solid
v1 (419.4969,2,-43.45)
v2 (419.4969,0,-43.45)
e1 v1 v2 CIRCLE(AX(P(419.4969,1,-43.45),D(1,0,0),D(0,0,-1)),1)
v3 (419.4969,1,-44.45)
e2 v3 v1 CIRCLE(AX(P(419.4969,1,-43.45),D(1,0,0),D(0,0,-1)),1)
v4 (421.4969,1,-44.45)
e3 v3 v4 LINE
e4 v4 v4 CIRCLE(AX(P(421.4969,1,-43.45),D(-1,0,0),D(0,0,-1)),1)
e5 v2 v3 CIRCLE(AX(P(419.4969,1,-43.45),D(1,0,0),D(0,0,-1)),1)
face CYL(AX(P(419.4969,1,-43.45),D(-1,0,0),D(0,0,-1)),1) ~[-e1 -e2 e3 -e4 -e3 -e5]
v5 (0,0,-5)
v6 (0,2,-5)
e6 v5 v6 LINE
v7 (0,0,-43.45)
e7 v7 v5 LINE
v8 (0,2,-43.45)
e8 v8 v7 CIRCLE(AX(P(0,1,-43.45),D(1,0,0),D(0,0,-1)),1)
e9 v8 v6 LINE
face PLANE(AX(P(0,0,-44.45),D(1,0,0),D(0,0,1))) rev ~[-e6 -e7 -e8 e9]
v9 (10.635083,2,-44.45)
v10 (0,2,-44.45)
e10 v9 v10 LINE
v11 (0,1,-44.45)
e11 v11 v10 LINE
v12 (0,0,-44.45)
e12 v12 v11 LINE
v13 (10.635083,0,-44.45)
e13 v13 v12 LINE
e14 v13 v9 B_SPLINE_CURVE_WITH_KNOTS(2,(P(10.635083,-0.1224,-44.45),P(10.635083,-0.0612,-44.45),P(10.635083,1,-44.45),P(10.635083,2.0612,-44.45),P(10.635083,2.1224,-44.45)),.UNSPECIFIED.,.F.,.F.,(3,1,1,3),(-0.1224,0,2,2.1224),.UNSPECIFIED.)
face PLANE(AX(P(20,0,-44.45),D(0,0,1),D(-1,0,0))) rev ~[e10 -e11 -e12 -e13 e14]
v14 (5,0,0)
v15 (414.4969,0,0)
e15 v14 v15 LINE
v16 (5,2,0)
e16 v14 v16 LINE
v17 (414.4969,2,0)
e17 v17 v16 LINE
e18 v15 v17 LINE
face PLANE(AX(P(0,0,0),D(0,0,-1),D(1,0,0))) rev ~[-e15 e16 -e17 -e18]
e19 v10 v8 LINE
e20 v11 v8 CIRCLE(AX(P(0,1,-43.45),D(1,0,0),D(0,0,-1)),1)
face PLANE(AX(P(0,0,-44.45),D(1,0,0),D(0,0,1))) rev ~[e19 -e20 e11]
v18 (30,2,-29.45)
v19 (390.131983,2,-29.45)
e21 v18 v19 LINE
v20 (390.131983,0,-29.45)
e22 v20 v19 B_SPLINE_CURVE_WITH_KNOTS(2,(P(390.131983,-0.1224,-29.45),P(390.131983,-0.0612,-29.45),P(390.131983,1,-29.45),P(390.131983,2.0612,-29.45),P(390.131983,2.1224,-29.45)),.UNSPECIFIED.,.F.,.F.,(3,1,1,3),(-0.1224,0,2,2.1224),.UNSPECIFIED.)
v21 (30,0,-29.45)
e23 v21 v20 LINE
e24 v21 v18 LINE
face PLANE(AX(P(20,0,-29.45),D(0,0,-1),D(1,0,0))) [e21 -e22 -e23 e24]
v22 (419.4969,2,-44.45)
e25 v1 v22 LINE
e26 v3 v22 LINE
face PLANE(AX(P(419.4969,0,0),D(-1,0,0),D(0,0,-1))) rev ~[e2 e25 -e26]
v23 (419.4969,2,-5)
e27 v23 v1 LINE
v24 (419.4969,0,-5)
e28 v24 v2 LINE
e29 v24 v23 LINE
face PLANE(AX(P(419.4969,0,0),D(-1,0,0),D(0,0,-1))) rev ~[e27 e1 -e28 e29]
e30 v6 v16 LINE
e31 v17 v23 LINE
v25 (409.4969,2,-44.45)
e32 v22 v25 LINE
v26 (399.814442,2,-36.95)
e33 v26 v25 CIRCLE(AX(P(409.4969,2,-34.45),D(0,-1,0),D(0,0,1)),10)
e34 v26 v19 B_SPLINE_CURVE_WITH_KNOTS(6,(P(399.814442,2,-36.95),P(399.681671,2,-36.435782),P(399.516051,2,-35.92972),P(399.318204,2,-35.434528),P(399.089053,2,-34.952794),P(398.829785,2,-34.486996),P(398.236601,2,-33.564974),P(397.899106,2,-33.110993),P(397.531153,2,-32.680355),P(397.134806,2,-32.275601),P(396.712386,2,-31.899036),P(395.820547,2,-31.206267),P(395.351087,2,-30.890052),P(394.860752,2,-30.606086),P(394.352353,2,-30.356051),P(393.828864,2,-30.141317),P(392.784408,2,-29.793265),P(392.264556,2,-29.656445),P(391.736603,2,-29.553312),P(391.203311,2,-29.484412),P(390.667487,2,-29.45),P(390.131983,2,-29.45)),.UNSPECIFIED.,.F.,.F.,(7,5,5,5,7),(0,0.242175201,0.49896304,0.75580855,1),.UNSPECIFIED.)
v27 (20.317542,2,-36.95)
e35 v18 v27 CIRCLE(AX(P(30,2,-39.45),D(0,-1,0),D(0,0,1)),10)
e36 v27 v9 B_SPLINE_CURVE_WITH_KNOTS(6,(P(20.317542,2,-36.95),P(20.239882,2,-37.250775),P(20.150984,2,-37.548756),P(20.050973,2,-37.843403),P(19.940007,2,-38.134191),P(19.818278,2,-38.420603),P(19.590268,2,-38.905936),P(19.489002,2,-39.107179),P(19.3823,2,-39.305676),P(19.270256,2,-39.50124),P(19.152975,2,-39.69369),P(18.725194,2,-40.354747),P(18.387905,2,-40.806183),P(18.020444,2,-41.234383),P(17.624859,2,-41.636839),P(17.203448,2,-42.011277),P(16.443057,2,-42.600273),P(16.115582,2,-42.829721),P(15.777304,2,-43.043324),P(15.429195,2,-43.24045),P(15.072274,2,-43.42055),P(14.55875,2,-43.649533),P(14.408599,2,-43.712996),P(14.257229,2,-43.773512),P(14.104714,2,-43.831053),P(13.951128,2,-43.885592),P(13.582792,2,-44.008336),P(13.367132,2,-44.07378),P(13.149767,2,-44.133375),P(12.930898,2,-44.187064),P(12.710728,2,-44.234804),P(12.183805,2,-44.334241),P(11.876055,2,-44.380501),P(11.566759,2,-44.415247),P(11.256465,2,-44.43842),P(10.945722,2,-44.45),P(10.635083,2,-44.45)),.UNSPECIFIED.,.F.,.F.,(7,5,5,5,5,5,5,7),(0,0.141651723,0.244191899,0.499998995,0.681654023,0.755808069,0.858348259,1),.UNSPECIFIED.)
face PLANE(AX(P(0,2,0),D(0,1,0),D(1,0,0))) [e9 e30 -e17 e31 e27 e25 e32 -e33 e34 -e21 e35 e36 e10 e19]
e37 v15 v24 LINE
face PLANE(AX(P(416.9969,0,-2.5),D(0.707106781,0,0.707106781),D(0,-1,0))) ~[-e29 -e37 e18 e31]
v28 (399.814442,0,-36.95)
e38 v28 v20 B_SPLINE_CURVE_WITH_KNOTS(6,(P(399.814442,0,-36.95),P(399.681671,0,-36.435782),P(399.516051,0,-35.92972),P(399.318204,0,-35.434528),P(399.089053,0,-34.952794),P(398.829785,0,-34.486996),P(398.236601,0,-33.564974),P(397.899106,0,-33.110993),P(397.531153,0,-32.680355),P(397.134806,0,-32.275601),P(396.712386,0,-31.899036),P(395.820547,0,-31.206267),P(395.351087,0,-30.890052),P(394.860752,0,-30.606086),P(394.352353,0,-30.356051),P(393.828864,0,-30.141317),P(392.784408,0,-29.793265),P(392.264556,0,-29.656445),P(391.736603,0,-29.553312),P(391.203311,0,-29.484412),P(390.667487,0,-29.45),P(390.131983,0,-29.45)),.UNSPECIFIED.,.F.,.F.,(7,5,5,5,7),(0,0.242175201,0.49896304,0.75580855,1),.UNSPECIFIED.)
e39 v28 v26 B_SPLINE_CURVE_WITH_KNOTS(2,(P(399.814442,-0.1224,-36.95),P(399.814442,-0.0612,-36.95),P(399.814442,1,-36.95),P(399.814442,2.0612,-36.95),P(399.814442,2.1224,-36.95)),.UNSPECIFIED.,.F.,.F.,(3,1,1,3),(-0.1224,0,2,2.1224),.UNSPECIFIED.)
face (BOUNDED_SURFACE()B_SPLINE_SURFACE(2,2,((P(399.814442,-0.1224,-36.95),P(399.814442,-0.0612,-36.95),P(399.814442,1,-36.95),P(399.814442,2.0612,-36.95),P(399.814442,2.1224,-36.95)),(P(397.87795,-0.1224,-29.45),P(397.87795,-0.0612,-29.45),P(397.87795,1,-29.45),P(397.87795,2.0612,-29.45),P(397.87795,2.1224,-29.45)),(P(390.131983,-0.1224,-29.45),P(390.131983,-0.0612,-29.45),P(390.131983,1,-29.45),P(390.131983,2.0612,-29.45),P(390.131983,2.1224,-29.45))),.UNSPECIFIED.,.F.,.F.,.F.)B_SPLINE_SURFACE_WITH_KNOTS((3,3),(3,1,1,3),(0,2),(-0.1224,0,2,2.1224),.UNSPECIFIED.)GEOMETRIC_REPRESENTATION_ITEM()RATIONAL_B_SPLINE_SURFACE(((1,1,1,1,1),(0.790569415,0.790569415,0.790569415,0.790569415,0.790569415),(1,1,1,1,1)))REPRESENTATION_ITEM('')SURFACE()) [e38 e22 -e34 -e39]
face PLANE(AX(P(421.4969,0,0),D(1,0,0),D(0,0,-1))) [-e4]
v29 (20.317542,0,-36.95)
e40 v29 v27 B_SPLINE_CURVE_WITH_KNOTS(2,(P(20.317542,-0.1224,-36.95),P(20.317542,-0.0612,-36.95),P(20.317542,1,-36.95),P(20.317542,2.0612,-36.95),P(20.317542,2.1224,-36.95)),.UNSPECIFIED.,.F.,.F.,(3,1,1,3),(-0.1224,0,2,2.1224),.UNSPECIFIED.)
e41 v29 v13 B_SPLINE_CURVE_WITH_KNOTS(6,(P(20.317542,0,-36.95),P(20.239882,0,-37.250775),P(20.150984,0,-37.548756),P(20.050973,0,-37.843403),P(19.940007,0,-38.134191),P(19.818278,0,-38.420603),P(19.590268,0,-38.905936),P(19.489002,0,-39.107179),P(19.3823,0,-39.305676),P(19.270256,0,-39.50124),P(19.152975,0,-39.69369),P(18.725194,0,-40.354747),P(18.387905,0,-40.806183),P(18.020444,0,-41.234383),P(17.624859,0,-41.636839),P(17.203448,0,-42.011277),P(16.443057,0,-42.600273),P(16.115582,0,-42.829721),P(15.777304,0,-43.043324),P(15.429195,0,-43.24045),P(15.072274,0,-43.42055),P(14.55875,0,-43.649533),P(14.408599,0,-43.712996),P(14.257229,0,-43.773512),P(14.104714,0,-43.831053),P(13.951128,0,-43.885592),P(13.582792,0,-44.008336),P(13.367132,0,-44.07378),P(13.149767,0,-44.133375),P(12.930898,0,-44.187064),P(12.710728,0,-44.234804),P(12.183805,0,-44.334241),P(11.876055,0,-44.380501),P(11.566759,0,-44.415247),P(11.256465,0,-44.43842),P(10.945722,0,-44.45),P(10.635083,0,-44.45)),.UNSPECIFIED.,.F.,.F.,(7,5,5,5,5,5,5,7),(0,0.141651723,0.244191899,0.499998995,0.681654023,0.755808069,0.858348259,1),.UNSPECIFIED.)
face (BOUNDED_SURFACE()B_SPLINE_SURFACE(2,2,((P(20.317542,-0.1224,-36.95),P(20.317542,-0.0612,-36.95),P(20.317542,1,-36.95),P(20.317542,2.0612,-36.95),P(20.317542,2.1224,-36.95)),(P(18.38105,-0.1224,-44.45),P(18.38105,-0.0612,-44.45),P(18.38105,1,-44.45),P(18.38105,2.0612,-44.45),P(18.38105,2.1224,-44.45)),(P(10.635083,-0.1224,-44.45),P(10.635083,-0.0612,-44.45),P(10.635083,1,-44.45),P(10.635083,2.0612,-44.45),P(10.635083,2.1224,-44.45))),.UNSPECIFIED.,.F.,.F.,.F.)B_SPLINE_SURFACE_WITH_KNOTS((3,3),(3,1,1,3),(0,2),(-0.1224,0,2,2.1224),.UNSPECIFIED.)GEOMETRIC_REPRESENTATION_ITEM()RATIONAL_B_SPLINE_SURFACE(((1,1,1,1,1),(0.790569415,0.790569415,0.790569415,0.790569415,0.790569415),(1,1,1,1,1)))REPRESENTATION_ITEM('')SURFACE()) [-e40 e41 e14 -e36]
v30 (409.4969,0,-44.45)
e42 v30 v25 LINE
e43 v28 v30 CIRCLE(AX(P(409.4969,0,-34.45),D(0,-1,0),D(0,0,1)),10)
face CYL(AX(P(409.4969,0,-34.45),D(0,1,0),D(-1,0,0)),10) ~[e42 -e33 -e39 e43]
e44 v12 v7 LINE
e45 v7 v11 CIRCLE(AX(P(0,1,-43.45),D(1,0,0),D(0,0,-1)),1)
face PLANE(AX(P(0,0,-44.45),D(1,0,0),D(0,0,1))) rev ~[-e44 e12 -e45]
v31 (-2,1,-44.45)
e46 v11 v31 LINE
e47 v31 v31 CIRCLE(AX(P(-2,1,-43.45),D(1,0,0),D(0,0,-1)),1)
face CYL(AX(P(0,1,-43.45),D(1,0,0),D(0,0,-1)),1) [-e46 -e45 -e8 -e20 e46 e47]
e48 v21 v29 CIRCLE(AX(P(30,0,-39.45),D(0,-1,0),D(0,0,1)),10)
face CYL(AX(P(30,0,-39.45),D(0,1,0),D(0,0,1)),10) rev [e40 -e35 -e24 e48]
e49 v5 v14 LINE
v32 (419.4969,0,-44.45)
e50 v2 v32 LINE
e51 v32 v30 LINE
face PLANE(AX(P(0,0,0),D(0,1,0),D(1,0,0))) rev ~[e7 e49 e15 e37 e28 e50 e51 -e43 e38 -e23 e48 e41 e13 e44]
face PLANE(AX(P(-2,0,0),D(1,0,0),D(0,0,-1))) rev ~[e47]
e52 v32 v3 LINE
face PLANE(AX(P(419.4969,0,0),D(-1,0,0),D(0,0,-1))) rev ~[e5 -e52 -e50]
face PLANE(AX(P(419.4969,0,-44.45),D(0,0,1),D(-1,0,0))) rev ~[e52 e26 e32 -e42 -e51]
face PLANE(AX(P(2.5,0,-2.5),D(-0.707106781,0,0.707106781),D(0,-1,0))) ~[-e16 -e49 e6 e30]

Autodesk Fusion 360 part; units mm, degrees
sketch "Sketch1" plane through (0, 0, 0) normal (0, 1, 0) x (1, 0, 0)
  line L0 (0, 0) -> (419.4969, 0)
  line L1 (419.4969, 0) -> (419.4969, 44.45)
  line L2 (419.4969, 44.45) -> (0, 44.45)
  line L3 (0, 44.45) -> (0, 0)
  line L4 (-8.9507, 43.45) -> (460, 43.45) construction
  line L5 (-8.9686, 29.45) -> (500, 29.45) construction
  line L6 (399.4969, 0) -> (399.4969, 44.45)
  line L7 (20, 44.45) -> (20, 0)
  line L8 (20, 29.45) -> (399.4969, 29.45)
  dimension "d1" = 419.4969
  dimension "d2" = 44.45
  dimension "d3" = 1
  dimension "d13" = 14
  dimension "d14" = 20
  dimension "d15" = 20
extrude "Extrude1" add sketch "Sketch1" along normal blind 2 contours L0 L2 L3 L7 | L0 L6 L7 L8 | L0 L1 L2 L6
sketch "Sketch2" plane through (419.4969, 0, 0) normal (1, 0, 0) x (0, 0, -1)
  line L0 (0, 0) -> (44.45, 0)
  line L1 (44.45, 0) -> (44.45, 2)
  line L2 (44.45, 2) -> (0, 2)
  line L3 (0, 2) -> (0, 0)
  line L4 (43.45, 0) -> (43.45, 2) construction
  circle A0 centre (43.45, 1) radius 1
  point P0 (43.45, 0)
extrude "Extrude2" add sketch "Sketch2" along normal blind 2 contours A0
extrude "Extrude3" add sketch "Sketch2" against normal blind 2 from surface at -419.4969 contours A0
chamfer "Chamfer1" distance 5 angle 45 1 edges at (419.4969, 1, 0)
chamfer "Chamfer1" distance 5 angle 45 1 edges at (0, 1, 0)
fillet "Fillet1" radius 10 4 edges at (399.4969, 1, -44.45) (399.4969, 1, -29.45) (20, 1, -29.45) (20, 1, -44.45)
equation "d1 = 16 33/64\""
equation "d2 = 1 3/4\""
equation "d15 = d14"
